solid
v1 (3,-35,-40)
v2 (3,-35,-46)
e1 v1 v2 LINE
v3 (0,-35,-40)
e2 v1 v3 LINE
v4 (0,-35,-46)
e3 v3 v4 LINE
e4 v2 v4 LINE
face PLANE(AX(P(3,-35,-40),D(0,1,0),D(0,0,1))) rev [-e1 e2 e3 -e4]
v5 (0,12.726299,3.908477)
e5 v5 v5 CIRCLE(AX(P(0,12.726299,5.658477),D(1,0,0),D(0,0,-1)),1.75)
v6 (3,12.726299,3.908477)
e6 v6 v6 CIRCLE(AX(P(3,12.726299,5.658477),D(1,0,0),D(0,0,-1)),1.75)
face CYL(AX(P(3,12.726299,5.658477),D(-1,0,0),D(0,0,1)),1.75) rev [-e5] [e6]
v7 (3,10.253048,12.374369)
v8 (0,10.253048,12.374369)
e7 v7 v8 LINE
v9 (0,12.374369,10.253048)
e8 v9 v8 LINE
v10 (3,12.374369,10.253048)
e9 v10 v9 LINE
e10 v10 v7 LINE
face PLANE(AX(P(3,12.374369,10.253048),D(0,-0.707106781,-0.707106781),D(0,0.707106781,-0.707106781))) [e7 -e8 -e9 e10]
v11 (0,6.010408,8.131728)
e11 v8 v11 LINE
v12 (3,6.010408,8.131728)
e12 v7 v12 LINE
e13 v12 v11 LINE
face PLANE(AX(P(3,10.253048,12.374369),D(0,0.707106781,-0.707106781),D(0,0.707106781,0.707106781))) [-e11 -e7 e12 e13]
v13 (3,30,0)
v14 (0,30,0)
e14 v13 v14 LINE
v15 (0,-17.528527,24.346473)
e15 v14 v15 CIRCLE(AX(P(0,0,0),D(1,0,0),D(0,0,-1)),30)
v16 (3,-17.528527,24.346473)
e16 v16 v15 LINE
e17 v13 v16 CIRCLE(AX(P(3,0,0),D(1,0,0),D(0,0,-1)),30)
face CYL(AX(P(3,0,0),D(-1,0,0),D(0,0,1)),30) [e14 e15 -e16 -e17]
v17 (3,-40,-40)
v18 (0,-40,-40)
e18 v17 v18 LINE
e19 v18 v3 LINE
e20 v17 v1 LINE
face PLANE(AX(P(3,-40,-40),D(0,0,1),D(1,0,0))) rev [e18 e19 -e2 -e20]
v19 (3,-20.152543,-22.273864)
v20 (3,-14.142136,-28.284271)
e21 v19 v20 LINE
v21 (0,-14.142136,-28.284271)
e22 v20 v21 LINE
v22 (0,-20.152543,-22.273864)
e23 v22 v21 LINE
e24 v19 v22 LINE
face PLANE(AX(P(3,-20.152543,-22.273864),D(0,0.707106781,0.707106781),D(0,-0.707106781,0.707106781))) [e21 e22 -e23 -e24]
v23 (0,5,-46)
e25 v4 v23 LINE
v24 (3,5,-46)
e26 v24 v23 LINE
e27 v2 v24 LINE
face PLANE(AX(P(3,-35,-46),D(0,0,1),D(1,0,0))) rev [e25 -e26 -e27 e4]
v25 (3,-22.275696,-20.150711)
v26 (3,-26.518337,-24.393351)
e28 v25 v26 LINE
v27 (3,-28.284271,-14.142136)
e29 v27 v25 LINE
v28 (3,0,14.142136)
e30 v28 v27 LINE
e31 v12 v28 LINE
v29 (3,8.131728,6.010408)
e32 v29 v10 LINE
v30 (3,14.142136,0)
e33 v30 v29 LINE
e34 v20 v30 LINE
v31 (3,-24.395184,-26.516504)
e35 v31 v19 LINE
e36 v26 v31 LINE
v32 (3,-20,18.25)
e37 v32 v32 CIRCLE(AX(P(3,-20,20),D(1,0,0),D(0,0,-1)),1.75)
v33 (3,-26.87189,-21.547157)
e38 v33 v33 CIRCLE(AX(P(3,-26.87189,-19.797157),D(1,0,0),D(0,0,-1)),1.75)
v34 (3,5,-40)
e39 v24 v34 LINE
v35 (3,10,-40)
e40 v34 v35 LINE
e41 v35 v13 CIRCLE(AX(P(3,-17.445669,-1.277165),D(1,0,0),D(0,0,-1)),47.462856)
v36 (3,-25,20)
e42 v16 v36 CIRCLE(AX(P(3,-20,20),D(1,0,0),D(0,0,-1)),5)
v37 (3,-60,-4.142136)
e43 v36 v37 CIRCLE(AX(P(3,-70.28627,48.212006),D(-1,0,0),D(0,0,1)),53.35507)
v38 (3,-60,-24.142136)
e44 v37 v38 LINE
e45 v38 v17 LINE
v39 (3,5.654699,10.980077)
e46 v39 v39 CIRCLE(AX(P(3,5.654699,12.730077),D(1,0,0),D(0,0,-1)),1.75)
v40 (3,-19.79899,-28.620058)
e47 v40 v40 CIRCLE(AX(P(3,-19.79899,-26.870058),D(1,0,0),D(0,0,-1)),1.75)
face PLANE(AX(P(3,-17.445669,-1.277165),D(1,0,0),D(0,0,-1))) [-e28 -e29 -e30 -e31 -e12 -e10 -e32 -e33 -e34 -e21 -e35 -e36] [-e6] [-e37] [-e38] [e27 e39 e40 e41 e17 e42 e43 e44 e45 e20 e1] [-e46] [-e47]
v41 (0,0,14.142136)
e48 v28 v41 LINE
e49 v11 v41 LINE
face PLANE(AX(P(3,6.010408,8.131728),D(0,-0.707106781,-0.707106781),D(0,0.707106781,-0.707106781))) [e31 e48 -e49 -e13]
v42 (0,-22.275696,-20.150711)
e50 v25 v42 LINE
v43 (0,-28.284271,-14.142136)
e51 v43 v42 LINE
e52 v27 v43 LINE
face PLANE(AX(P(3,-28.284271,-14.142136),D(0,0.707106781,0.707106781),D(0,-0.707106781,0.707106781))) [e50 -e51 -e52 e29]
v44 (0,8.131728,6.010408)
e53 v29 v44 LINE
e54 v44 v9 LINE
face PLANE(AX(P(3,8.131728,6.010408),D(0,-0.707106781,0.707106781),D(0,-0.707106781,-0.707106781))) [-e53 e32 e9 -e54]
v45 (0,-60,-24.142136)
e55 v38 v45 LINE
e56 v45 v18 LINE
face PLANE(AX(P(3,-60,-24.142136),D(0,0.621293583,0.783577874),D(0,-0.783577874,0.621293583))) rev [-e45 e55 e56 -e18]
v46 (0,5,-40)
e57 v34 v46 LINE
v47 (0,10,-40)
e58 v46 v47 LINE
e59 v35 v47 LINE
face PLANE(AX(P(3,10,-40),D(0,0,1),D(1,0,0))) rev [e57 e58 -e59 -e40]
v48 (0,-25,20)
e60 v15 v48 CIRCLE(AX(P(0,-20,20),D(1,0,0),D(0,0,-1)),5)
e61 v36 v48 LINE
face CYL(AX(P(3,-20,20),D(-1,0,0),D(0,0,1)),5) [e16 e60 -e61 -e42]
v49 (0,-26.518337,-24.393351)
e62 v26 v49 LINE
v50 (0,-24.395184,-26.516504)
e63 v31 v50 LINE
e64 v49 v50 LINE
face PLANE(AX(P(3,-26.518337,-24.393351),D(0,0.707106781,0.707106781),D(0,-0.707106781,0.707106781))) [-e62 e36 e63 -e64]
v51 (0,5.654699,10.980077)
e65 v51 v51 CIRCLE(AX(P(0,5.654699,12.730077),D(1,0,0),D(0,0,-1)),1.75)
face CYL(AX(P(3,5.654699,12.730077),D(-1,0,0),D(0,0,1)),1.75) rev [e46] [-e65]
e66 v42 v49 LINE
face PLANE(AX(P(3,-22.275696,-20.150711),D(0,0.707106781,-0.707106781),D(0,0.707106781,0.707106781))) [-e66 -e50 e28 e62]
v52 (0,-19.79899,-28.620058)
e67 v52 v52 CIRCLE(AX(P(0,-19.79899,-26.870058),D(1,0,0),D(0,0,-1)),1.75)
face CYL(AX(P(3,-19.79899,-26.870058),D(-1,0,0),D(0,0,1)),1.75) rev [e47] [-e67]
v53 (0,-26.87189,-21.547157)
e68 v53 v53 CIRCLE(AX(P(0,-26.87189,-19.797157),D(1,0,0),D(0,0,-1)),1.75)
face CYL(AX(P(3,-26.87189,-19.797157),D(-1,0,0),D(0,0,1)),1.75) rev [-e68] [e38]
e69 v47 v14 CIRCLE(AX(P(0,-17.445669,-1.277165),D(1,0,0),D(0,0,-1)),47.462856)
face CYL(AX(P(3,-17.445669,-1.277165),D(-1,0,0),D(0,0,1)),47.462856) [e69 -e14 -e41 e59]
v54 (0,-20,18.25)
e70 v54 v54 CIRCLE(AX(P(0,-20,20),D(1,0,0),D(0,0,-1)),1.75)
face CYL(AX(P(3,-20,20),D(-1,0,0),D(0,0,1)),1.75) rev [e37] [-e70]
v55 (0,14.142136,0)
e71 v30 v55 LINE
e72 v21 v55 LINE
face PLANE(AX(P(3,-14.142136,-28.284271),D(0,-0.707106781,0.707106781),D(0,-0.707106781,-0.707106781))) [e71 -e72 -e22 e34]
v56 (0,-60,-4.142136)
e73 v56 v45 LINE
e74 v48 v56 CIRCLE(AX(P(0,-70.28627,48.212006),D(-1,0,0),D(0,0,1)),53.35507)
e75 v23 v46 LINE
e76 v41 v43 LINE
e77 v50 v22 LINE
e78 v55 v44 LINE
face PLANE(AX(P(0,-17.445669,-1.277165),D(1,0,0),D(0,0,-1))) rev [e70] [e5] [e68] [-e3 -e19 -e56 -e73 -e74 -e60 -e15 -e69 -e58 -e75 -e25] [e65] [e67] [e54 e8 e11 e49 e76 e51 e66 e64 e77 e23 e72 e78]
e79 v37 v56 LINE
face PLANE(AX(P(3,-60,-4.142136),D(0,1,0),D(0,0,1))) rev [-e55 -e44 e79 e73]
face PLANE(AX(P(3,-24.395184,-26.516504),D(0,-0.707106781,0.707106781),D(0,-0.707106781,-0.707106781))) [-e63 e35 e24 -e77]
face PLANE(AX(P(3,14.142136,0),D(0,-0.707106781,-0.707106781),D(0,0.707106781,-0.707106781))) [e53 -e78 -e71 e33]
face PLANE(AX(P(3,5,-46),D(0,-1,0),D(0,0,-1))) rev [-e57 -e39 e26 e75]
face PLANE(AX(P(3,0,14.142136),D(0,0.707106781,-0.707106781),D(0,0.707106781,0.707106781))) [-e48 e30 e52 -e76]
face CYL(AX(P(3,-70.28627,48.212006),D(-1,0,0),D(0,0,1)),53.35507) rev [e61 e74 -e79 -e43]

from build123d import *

# Parameters (mm, degrees)
CROQUIS1_R              = 1.75
SALIENTE_EXTRUIR1_DEPTH = 3


with BuildPart() as part:
    # Croquis1 → Saliente-Extruir1 (new body)
    with BuildSketch(Plane(origin=(0, 0, 0), x_dir=(0, 0, -1), z_dir=(1, 0, 0))):
        with BuildLine():
            Line((4.142135624, -60), (24.142135624, -60))
            Line((24.142135624, -60), (40, -40))
            Line((40, -40), (40, -35))
            Line((40, -35), (46, -35))
            Line((46, -35), (46, 5))
            Line((46, 5), (40, 5))
            Line((40, 5), (40, 10))
            ThreePointArc((40, 10), (22.503199777, 25.006399554), (0, 30))
            ThreePointArc((0, 30), (-26.700709952, 13.677429877), (-24.346472536, -17.528527464))
            ThreePointArc((-24.346472536, -17.528527464), (-24.321884003, -22.514223272), (-20, -25))
            ThreePointArc((-20, -25), (-4.291896326, -39.991262484), (4.142135624, -60))
        make_face()
        with Locations((-12.730077402, 5.654698909)):
            Circle(CROQUIS1_R, mode=Mode.SUBTRACT)
        with Locations((-5.658477353, 12.726298958)):
            Circle(CROQUIS1_R, mode=Mode.SUBTRACT)
        with Locations((26.870057685, -19.798989873)):
            Circle(CROQUIS1_R, mode=Mode.SUBTRACT)
        with Locations((19.797157185, -26.871890373)):
            Circle(CROQUIS1_R, mode=Mode.SUBTRACT)
        with Locations((-20, -20)):
            Circle(CROQUIS1_R, mode=Mode.SUBTRACT)
        Polygon((-14.142135624, 0), (14.142135624, -28.284271247), (20.150710576, -22.275696296), (24.393351263, -26.518336983), (26.516504294, -24.395183951), (22.273863607, -20.152543264), (28.284271247, -14.142135624), (0, 14.142135624), (-6.01040764, 8.131727984), (-10.253048327, 12.374368671), (-12.374368671, 10.253048327), (-8.131727984, 6.01040764), align=None, mode=Mode.SUBTRACT)
    extrude(amount=SALIENTE_EXTRUIR1_DEPTH)


solid = part.part
